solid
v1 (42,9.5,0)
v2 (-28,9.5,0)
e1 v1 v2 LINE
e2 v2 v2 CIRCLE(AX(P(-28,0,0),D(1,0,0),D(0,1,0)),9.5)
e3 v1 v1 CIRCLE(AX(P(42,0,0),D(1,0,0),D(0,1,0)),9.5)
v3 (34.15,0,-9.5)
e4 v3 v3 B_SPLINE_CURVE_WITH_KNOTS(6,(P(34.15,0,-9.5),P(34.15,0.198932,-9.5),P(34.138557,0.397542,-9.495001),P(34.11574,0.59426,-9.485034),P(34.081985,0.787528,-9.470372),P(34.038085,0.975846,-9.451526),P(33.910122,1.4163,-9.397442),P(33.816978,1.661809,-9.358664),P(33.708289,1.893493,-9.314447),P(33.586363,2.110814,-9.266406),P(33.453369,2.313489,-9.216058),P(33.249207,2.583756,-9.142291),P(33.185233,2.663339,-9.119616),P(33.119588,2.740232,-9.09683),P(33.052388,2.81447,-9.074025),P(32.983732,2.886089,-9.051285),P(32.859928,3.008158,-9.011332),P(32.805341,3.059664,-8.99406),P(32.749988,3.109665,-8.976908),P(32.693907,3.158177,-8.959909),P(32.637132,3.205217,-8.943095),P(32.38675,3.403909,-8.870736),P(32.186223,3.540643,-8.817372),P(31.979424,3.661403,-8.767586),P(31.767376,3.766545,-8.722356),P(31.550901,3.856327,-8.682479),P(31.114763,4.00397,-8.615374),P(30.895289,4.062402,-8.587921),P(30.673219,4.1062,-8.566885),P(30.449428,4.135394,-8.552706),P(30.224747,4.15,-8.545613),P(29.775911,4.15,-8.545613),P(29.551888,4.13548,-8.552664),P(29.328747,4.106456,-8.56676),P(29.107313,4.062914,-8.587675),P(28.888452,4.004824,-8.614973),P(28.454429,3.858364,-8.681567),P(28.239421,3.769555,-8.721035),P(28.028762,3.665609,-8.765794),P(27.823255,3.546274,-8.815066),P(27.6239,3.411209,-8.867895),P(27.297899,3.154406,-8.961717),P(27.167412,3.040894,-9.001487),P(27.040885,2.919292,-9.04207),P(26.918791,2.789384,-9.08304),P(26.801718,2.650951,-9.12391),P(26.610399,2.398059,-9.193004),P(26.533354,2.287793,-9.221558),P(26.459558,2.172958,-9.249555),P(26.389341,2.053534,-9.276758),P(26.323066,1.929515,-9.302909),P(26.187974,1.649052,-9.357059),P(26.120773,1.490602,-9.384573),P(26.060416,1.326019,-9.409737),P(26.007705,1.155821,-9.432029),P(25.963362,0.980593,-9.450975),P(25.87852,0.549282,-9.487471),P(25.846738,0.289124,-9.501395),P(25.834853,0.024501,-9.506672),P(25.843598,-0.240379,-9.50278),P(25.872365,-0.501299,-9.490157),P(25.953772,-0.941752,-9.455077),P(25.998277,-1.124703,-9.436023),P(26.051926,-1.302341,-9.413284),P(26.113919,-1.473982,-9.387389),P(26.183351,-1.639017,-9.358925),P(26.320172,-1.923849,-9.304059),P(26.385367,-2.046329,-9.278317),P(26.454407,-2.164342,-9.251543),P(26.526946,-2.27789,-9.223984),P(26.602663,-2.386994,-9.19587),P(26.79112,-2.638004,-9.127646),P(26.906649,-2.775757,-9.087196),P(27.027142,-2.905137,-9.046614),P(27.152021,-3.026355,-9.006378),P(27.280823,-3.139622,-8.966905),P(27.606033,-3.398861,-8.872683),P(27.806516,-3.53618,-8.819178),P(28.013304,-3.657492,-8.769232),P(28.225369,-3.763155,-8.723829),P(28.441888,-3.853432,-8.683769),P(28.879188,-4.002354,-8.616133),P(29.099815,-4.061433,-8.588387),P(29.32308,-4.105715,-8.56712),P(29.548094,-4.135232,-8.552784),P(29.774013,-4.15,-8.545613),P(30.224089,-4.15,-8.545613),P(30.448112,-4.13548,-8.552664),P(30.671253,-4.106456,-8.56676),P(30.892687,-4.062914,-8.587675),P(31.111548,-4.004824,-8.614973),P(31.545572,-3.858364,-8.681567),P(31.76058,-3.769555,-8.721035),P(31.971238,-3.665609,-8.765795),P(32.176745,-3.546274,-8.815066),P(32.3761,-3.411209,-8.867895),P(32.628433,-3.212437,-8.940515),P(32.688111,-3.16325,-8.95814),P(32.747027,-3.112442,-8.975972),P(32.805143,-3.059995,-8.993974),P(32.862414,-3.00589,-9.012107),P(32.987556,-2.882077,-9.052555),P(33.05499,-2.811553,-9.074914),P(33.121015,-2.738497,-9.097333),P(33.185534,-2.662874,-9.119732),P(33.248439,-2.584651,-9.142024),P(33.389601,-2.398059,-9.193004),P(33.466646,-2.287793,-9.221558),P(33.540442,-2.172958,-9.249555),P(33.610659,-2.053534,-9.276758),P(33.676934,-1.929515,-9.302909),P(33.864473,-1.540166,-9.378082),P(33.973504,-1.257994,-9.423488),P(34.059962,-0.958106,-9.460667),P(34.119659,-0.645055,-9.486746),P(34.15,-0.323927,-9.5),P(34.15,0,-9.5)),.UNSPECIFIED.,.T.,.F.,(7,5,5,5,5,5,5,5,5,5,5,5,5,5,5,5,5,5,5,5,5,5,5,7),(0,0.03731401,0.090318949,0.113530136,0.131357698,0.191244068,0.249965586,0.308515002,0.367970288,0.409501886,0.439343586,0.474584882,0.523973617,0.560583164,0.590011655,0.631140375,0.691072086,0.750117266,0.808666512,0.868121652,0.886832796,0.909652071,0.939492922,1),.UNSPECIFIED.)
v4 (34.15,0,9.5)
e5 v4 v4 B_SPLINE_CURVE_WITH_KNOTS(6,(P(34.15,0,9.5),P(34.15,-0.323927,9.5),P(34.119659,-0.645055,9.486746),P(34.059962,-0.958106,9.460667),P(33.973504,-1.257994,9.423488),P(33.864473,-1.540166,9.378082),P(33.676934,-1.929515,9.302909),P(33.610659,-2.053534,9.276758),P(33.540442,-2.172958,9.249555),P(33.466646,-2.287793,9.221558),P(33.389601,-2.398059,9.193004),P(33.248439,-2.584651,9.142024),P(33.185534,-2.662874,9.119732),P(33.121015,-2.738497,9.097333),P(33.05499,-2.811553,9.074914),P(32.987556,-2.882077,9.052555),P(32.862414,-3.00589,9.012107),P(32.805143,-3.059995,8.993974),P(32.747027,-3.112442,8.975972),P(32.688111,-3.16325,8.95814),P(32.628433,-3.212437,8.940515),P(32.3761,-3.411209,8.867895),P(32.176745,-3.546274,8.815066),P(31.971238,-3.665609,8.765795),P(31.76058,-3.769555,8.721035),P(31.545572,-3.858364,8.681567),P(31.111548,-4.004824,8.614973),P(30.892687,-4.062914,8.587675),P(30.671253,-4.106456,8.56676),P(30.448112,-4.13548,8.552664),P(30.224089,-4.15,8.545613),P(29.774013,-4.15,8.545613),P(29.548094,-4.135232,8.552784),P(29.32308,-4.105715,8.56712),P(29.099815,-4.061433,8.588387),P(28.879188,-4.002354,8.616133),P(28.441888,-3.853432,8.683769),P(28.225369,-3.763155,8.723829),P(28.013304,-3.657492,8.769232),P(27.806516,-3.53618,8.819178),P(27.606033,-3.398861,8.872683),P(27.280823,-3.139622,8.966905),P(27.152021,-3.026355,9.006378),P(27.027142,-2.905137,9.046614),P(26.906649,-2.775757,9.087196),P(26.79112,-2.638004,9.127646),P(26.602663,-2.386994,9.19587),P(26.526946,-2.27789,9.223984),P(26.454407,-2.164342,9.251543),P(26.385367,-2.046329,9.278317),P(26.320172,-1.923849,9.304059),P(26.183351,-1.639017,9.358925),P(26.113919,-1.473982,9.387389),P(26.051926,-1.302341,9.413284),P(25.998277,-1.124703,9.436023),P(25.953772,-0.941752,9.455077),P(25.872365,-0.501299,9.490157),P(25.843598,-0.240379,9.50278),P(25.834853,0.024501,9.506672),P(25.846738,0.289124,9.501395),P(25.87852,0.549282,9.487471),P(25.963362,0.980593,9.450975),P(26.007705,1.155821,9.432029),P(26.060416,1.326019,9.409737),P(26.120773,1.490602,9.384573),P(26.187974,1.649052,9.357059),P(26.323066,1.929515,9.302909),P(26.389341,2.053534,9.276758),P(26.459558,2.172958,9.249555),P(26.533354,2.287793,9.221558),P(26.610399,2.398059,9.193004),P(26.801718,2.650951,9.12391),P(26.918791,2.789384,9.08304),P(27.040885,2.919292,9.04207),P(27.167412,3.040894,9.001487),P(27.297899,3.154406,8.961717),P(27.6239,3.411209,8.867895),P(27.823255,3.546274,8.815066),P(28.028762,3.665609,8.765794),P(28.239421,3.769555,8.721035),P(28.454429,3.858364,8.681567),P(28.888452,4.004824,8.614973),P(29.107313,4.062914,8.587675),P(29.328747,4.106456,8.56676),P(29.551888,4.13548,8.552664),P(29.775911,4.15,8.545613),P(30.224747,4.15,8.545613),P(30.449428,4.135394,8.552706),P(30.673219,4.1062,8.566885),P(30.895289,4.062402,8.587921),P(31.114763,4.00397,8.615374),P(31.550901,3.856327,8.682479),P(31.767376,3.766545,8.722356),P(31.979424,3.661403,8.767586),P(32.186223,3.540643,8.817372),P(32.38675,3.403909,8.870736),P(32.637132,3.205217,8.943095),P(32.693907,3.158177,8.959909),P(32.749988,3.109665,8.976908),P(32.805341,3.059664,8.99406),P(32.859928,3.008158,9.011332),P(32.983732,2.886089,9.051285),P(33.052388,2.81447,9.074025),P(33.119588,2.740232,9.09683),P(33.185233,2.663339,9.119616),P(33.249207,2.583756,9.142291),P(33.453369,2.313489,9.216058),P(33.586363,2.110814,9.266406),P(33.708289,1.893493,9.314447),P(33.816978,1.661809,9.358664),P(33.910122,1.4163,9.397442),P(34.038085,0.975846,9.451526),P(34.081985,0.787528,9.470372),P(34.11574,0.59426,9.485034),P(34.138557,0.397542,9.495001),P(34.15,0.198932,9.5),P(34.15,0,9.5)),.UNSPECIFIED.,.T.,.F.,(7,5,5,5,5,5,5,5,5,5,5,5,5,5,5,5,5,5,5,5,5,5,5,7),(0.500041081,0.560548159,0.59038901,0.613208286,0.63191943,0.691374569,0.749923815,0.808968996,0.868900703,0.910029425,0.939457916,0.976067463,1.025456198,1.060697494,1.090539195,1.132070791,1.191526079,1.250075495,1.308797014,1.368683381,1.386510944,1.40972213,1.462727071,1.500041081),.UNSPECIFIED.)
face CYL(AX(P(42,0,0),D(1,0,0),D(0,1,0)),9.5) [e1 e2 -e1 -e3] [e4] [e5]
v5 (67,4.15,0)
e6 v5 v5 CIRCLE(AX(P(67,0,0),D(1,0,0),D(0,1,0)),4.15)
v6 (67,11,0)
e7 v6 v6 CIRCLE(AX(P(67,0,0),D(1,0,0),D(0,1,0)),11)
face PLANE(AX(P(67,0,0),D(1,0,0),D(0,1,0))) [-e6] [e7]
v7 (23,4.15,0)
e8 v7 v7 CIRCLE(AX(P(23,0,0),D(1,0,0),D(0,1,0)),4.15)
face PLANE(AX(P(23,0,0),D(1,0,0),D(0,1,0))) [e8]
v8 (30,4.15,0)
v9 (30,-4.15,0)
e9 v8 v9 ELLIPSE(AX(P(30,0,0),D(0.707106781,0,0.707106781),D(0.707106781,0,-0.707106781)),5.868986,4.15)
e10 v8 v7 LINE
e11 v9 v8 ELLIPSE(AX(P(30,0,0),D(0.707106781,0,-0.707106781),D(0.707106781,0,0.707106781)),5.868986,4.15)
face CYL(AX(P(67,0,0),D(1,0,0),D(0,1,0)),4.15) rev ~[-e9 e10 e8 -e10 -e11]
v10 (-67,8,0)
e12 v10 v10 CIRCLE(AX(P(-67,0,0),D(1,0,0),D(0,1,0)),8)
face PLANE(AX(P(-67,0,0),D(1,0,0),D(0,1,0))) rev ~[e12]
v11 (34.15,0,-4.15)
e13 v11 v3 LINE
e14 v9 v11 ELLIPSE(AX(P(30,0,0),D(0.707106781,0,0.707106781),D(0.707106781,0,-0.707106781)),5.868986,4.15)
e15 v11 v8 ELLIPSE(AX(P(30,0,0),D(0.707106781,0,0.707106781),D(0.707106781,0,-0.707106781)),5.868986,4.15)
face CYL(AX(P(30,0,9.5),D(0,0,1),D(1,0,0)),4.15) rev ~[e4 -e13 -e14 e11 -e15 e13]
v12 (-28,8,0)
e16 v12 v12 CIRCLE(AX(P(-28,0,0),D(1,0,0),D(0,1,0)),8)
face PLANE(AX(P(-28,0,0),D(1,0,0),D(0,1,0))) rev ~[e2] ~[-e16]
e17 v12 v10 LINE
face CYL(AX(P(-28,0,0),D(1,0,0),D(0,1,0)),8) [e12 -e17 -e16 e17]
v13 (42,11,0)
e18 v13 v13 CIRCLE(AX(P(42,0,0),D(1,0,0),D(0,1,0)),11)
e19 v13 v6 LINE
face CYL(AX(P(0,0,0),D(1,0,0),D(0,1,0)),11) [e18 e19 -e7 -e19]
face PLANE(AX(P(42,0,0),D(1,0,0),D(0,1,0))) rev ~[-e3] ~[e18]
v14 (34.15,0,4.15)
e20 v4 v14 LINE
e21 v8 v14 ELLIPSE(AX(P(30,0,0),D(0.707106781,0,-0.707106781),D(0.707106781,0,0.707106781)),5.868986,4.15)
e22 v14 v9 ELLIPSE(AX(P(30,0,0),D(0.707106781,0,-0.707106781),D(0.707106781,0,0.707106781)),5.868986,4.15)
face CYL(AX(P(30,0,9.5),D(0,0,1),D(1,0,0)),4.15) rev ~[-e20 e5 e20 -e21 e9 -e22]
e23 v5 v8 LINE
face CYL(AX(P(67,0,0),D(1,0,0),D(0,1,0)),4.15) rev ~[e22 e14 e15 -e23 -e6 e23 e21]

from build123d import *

# Parameters (mm, degrees)
F0_R      = 11
F1_DEPTH  = 67
F3_R      = 11
F3_R_2    = 9.5
F4_DEPTH  = 70
F6_R      = 11
F6_R_2    = 8
F7_DEPTH  = 39.001
F8_R      = 4.15
F9_DEPTH  = 44
F11_R     = 4.15
F12_DEPTH = 20.501


with BuildPart() as f1:
    # F0 (on Right) → F1 (new body, symmetric)
    with BuildSketch(Plane.YZ):
        Circle(F0_R)
    extrude(amount=F1_DEPTH, both=True)

    # F3 (on offset) → F4 (cut)
    with BuildSketch(Plane.YZ.offset(42)):
        Circle(F3_R)
        Circle(F3_R_2, mode=Mode.SUBTRACT)
    extrude(amount=-F4_DEPTH, mode=Mode.SUBTRACT)

    # F6 (on offset) → F7 (cut, through all)
    with BuildSketch(Plane.YZ.offset(-28)):
        Circle(F6_R)
        Circle(F6_R_2, mode=Mode.SUBTRACT)
    extrude(amount=-F7_DEPTH, mode=Mode.SUBTRACT)

    # F8 (on face) → F9 (cut)
    with BuildSketch(Plane.YZ.offset(67)):
        Circle(F8_R)
    extrude(amount=-F9_DEPTH, mode=Mode.SUBTRACT)

    # F11 (on offset) → F12 (cut, through all)
    with BuildSketch(Plane.XY.offset(9.5)):
        with Locations((30, 0)):
            Circle(F11_R)
    extrude(amount=-F12_DEPTH, mode=Mode.SUBTRACT)


solid = f1.part
